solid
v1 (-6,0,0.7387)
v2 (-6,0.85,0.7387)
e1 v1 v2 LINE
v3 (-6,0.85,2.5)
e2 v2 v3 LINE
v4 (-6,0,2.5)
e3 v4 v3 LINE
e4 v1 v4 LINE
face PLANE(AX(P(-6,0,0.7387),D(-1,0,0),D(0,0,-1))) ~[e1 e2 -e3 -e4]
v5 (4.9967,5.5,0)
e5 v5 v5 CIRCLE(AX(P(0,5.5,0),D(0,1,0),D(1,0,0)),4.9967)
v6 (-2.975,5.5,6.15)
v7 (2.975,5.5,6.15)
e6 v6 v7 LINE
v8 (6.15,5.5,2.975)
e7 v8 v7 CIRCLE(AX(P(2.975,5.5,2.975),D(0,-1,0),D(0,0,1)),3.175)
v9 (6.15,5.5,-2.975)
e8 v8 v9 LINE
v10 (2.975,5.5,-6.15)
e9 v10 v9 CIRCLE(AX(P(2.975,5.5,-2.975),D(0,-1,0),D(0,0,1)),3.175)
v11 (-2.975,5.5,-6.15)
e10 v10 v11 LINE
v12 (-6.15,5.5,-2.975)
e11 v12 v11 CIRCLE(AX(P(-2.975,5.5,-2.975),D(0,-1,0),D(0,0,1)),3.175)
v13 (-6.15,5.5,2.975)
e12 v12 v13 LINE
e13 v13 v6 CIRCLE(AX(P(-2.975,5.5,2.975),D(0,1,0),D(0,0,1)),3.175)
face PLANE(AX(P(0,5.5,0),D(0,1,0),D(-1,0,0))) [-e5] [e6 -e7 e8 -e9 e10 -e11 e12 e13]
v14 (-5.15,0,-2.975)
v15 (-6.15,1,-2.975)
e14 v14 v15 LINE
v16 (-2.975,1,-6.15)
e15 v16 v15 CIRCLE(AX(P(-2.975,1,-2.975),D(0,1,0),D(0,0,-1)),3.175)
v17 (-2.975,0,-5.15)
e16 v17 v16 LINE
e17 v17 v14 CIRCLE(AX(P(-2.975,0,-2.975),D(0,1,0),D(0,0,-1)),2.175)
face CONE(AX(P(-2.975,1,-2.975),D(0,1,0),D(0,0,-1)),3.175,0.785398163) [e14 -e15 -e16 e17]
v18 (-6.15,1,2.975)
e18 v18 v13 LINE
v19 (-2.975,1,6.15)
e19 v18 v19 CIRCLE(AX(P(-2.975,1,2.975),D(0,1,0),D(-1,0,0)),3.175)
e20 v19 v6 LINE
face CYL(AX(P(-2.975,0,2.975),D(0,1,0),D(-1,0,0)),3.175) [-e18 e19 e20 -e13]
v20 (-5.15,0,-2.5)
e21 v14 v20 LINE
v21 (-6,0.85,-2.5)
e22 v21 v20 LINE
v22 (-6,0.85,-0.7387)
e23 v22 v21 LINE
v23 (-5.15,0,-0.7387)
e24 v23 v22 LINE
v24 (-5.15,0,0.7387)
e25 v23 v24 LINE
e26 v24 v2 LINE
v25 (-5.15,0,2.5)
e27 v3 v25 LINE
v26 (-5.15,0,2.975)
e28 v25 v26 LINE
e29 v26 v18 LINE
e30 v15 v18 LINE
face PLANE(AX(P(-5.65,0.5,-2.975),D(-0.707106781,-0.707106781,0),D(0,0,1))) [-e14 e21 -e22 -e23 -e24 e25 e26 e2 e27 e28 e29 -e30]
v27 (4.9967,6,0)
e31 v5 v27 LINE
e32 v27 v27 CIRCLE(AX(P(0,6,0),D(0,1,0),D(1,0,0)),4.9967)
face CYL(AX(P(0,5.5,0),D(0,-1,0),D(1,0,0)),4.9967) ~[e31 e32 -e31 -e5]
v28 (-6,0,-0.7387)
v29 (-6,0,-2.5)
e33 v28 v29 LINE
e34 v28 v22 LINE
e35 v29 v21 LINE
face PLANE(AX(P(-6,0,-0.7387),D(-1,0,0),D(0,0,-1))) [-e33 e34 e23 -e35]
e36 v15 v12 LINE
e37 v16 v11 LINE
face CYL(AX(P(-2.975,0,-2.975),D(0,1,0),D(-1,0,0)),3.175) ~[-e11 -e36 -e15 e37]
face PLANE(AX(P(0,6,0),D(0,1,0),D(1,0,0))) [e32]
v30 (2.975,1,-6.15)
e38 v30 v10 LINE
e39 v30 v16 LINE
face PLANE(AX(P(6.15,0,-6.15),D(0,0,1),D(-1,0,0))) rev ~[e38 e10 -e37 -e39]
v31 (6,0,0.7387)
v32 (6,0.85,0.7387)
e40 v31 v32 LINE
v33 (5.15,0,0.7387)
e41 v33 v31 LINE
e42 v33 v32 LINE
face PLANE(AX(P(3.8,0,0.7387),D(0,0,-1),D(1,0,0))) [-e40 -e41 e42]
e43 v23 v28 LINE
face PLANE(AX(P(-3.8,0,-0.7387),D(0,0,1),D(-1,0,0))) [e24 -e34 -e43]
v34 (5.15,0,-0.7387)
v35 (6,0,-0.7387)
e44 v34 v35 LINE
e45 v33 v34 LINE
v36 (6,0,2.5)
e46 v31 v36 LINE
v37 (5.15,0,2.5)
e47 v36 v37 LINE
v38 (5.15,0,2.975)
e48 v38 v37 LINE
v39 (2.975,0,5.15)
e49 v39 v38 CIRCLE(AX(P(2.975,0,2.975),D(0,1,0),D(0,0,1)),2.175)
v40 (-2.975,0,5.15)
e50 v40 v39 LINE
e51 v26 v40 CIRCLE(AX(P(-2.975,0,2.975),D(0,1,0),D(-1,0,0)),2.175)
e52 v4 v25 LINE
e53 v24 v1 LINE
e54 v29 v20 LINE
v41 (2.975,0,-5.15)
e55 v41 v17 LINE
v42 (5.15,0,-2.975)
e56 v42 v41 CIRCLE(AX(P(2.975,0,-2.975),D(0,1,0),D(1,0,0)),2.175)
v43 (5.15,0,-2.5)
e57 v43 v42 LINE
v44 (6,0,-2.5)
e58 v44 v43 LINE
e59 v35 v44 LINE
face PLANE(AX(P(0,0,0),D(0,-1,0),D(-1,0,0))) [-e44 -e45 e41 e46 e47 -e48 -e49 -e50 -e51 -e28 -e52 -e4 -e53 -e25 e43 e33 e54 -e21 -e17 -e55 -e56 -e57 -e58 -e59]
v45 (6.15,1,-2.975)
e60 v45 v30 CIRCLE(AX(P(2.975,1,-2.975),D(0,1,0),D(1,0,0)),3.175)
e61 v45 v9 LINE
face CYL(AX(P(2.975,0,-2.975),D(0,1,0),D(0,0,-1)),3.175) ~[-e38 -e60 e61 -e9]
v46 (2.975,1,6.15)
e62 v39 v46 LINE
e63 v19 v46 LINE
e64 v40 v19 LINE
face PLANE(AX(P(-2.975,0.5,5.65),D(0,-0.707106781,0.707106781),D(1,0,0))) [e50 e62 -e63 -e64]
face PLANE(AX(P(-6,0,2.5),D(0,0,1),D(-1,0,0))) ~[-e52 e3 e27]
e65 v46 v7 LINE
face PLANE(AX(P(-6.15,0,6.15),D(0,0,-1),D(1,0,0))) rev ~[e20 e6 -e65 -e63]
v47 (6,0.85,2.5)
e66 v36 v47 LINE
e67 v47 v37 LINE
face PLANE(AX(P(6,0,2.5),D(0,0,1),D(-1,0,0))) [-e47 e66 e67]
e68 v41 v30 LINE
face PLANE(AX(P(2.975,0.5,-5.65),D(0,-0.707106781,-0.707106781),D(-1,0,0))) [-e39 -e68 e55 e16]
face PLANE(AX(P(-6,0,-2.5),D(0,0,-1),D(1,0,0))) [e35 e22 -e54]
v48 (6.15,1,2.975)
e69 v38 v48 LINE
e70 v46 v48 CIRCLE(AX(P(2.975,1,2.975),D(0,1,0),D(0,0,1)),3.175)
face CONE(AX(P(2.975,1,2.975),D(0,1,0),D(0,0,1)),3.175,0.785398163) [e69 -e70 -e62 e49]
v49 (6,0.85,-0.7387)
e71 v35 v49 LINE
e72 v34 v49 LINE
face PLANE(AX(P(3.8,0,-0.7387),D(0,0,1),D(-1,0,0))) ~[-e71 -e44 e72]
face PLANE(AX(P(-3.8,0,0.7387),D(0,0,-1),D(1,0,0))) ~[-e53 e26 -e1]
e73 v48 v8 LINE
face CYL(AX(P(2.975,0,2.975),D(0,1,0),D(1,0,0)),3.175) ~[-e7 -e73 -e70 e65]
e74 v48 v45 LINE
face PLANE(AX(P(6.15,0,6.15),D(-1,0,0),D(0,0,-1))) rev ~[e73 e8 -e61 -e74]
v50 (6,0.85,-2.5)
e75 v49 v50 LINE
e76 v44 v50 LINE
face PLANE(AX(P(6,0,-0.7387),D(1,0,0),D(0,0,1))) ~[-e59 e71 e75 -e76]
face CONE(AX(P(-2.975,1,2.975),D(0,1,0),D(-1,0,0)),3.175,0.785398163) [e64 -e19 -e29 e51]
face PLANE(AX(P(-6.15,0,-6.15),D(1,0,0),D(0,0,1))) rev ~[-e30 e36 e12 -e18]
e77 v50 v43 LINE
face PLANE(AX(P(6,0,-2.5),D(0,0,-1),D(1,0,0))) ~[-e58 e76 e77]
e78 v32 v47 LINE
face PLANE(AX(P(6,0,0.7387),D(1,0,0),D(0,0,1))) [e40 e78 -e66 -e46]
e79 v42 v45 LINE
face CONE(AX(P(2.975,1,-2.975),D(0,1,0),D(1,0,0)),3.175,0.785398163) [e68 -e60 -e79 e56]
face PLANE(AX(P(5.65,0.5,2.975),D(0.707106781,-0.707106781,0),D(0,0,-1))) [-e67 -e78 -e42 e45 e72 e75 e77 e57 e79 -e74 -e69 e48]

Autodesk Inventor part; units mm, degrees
ref_plane "YZ Plane" through (0, 0, 0) normal (1, 0, 0) x (0, 1, 0)
ref_plane "XZ Plane" through (0, 0, 0) normal (0, 1, 0) x (-1, 0, 0)
ref_plane "XY Plane" through (0, 0, 0) normal (0, 0, 1) x (1, 0, 0)
sketch "Sketch1" plane through (0, 0, 0) normal (0, 1, 0) x (-1, 0, 0)
  line L0 (6.15, 6.15) -> (-6.15, 6.15)
  line L1 (-6.15, 6.15) -> (-6.15, -6.15)
  line L2 (-6.15, -6.15) -> (6.15, -6.15)
  line L3 (6.15, -6.15) -> (6.15, 6.15)
  point P0 (0, 0)
  dimension "d0" = 12.3
  dimension "d1" = 12.3
  dimension "d2" = 6.15
  dimension "d3" = 6.15
extrude "Extrusion1" add sketch "Sketch1" along normal blind 5.5
fillet "Fillet1" radius 3.175 4 edges at (6.15, 2.75, 6.15) (-6.15, 2.75, 6.15) (6.15, 2.75, -6.15) (-6.15, 2.75, -6.15)
sketch "Sketch2" plane through (0, 5.5, 0) normal (0, 1, 0) x (1, 0, 0)
  circle A0 centre (0, 0) radius 4.9967
extrude "Extrusion2" add sketch "Sketch2" along normal blind 0.5
chamfer "Chamfer1" distance 1 angle 45 8 edges at (0, 0, 6.15) (5.2201, 0, 5.2201) (6.15, 0, 0) (5.2201, 0, -5.2201) (0, 0, -6.15) (-5.2201, 0, -5.2201) (-6.15, 0, 0) (-5.2201, 0, 5.2201)
sketch "Sketch3" plane through (0, 0, 0) normal (0, -1, 0) x (1, 0, 0)
  line L0 (-6, -2.5) -> (-3.8, -2.5)
  line L1 (-3.8, -2.5) -> (-3.8, -0.7387)
  line L2 (-3.8, -0.7387) -> (-6, -0.7387)
  line L3 (-6, -0.7387) -> (-6, -2.5)
  point P0 (0, 0)
  dimension "d12" = 2.5
  dimension "d13" = 3.8
  dimension "d16" = 6
extrude "Extrusion3" add sketch "Sketch3" against normal blind 1
mirror "Mirror1" about plane through (0, 0, 0) normal (0, 0, 1) of "Extrusion3"
mirror "Mirror2" about plane through (0, 0, 0) normal (1, 0, 0) of "Extrusion3", "Mirror1"
properties part number "Inductor_SMD_12mm"
